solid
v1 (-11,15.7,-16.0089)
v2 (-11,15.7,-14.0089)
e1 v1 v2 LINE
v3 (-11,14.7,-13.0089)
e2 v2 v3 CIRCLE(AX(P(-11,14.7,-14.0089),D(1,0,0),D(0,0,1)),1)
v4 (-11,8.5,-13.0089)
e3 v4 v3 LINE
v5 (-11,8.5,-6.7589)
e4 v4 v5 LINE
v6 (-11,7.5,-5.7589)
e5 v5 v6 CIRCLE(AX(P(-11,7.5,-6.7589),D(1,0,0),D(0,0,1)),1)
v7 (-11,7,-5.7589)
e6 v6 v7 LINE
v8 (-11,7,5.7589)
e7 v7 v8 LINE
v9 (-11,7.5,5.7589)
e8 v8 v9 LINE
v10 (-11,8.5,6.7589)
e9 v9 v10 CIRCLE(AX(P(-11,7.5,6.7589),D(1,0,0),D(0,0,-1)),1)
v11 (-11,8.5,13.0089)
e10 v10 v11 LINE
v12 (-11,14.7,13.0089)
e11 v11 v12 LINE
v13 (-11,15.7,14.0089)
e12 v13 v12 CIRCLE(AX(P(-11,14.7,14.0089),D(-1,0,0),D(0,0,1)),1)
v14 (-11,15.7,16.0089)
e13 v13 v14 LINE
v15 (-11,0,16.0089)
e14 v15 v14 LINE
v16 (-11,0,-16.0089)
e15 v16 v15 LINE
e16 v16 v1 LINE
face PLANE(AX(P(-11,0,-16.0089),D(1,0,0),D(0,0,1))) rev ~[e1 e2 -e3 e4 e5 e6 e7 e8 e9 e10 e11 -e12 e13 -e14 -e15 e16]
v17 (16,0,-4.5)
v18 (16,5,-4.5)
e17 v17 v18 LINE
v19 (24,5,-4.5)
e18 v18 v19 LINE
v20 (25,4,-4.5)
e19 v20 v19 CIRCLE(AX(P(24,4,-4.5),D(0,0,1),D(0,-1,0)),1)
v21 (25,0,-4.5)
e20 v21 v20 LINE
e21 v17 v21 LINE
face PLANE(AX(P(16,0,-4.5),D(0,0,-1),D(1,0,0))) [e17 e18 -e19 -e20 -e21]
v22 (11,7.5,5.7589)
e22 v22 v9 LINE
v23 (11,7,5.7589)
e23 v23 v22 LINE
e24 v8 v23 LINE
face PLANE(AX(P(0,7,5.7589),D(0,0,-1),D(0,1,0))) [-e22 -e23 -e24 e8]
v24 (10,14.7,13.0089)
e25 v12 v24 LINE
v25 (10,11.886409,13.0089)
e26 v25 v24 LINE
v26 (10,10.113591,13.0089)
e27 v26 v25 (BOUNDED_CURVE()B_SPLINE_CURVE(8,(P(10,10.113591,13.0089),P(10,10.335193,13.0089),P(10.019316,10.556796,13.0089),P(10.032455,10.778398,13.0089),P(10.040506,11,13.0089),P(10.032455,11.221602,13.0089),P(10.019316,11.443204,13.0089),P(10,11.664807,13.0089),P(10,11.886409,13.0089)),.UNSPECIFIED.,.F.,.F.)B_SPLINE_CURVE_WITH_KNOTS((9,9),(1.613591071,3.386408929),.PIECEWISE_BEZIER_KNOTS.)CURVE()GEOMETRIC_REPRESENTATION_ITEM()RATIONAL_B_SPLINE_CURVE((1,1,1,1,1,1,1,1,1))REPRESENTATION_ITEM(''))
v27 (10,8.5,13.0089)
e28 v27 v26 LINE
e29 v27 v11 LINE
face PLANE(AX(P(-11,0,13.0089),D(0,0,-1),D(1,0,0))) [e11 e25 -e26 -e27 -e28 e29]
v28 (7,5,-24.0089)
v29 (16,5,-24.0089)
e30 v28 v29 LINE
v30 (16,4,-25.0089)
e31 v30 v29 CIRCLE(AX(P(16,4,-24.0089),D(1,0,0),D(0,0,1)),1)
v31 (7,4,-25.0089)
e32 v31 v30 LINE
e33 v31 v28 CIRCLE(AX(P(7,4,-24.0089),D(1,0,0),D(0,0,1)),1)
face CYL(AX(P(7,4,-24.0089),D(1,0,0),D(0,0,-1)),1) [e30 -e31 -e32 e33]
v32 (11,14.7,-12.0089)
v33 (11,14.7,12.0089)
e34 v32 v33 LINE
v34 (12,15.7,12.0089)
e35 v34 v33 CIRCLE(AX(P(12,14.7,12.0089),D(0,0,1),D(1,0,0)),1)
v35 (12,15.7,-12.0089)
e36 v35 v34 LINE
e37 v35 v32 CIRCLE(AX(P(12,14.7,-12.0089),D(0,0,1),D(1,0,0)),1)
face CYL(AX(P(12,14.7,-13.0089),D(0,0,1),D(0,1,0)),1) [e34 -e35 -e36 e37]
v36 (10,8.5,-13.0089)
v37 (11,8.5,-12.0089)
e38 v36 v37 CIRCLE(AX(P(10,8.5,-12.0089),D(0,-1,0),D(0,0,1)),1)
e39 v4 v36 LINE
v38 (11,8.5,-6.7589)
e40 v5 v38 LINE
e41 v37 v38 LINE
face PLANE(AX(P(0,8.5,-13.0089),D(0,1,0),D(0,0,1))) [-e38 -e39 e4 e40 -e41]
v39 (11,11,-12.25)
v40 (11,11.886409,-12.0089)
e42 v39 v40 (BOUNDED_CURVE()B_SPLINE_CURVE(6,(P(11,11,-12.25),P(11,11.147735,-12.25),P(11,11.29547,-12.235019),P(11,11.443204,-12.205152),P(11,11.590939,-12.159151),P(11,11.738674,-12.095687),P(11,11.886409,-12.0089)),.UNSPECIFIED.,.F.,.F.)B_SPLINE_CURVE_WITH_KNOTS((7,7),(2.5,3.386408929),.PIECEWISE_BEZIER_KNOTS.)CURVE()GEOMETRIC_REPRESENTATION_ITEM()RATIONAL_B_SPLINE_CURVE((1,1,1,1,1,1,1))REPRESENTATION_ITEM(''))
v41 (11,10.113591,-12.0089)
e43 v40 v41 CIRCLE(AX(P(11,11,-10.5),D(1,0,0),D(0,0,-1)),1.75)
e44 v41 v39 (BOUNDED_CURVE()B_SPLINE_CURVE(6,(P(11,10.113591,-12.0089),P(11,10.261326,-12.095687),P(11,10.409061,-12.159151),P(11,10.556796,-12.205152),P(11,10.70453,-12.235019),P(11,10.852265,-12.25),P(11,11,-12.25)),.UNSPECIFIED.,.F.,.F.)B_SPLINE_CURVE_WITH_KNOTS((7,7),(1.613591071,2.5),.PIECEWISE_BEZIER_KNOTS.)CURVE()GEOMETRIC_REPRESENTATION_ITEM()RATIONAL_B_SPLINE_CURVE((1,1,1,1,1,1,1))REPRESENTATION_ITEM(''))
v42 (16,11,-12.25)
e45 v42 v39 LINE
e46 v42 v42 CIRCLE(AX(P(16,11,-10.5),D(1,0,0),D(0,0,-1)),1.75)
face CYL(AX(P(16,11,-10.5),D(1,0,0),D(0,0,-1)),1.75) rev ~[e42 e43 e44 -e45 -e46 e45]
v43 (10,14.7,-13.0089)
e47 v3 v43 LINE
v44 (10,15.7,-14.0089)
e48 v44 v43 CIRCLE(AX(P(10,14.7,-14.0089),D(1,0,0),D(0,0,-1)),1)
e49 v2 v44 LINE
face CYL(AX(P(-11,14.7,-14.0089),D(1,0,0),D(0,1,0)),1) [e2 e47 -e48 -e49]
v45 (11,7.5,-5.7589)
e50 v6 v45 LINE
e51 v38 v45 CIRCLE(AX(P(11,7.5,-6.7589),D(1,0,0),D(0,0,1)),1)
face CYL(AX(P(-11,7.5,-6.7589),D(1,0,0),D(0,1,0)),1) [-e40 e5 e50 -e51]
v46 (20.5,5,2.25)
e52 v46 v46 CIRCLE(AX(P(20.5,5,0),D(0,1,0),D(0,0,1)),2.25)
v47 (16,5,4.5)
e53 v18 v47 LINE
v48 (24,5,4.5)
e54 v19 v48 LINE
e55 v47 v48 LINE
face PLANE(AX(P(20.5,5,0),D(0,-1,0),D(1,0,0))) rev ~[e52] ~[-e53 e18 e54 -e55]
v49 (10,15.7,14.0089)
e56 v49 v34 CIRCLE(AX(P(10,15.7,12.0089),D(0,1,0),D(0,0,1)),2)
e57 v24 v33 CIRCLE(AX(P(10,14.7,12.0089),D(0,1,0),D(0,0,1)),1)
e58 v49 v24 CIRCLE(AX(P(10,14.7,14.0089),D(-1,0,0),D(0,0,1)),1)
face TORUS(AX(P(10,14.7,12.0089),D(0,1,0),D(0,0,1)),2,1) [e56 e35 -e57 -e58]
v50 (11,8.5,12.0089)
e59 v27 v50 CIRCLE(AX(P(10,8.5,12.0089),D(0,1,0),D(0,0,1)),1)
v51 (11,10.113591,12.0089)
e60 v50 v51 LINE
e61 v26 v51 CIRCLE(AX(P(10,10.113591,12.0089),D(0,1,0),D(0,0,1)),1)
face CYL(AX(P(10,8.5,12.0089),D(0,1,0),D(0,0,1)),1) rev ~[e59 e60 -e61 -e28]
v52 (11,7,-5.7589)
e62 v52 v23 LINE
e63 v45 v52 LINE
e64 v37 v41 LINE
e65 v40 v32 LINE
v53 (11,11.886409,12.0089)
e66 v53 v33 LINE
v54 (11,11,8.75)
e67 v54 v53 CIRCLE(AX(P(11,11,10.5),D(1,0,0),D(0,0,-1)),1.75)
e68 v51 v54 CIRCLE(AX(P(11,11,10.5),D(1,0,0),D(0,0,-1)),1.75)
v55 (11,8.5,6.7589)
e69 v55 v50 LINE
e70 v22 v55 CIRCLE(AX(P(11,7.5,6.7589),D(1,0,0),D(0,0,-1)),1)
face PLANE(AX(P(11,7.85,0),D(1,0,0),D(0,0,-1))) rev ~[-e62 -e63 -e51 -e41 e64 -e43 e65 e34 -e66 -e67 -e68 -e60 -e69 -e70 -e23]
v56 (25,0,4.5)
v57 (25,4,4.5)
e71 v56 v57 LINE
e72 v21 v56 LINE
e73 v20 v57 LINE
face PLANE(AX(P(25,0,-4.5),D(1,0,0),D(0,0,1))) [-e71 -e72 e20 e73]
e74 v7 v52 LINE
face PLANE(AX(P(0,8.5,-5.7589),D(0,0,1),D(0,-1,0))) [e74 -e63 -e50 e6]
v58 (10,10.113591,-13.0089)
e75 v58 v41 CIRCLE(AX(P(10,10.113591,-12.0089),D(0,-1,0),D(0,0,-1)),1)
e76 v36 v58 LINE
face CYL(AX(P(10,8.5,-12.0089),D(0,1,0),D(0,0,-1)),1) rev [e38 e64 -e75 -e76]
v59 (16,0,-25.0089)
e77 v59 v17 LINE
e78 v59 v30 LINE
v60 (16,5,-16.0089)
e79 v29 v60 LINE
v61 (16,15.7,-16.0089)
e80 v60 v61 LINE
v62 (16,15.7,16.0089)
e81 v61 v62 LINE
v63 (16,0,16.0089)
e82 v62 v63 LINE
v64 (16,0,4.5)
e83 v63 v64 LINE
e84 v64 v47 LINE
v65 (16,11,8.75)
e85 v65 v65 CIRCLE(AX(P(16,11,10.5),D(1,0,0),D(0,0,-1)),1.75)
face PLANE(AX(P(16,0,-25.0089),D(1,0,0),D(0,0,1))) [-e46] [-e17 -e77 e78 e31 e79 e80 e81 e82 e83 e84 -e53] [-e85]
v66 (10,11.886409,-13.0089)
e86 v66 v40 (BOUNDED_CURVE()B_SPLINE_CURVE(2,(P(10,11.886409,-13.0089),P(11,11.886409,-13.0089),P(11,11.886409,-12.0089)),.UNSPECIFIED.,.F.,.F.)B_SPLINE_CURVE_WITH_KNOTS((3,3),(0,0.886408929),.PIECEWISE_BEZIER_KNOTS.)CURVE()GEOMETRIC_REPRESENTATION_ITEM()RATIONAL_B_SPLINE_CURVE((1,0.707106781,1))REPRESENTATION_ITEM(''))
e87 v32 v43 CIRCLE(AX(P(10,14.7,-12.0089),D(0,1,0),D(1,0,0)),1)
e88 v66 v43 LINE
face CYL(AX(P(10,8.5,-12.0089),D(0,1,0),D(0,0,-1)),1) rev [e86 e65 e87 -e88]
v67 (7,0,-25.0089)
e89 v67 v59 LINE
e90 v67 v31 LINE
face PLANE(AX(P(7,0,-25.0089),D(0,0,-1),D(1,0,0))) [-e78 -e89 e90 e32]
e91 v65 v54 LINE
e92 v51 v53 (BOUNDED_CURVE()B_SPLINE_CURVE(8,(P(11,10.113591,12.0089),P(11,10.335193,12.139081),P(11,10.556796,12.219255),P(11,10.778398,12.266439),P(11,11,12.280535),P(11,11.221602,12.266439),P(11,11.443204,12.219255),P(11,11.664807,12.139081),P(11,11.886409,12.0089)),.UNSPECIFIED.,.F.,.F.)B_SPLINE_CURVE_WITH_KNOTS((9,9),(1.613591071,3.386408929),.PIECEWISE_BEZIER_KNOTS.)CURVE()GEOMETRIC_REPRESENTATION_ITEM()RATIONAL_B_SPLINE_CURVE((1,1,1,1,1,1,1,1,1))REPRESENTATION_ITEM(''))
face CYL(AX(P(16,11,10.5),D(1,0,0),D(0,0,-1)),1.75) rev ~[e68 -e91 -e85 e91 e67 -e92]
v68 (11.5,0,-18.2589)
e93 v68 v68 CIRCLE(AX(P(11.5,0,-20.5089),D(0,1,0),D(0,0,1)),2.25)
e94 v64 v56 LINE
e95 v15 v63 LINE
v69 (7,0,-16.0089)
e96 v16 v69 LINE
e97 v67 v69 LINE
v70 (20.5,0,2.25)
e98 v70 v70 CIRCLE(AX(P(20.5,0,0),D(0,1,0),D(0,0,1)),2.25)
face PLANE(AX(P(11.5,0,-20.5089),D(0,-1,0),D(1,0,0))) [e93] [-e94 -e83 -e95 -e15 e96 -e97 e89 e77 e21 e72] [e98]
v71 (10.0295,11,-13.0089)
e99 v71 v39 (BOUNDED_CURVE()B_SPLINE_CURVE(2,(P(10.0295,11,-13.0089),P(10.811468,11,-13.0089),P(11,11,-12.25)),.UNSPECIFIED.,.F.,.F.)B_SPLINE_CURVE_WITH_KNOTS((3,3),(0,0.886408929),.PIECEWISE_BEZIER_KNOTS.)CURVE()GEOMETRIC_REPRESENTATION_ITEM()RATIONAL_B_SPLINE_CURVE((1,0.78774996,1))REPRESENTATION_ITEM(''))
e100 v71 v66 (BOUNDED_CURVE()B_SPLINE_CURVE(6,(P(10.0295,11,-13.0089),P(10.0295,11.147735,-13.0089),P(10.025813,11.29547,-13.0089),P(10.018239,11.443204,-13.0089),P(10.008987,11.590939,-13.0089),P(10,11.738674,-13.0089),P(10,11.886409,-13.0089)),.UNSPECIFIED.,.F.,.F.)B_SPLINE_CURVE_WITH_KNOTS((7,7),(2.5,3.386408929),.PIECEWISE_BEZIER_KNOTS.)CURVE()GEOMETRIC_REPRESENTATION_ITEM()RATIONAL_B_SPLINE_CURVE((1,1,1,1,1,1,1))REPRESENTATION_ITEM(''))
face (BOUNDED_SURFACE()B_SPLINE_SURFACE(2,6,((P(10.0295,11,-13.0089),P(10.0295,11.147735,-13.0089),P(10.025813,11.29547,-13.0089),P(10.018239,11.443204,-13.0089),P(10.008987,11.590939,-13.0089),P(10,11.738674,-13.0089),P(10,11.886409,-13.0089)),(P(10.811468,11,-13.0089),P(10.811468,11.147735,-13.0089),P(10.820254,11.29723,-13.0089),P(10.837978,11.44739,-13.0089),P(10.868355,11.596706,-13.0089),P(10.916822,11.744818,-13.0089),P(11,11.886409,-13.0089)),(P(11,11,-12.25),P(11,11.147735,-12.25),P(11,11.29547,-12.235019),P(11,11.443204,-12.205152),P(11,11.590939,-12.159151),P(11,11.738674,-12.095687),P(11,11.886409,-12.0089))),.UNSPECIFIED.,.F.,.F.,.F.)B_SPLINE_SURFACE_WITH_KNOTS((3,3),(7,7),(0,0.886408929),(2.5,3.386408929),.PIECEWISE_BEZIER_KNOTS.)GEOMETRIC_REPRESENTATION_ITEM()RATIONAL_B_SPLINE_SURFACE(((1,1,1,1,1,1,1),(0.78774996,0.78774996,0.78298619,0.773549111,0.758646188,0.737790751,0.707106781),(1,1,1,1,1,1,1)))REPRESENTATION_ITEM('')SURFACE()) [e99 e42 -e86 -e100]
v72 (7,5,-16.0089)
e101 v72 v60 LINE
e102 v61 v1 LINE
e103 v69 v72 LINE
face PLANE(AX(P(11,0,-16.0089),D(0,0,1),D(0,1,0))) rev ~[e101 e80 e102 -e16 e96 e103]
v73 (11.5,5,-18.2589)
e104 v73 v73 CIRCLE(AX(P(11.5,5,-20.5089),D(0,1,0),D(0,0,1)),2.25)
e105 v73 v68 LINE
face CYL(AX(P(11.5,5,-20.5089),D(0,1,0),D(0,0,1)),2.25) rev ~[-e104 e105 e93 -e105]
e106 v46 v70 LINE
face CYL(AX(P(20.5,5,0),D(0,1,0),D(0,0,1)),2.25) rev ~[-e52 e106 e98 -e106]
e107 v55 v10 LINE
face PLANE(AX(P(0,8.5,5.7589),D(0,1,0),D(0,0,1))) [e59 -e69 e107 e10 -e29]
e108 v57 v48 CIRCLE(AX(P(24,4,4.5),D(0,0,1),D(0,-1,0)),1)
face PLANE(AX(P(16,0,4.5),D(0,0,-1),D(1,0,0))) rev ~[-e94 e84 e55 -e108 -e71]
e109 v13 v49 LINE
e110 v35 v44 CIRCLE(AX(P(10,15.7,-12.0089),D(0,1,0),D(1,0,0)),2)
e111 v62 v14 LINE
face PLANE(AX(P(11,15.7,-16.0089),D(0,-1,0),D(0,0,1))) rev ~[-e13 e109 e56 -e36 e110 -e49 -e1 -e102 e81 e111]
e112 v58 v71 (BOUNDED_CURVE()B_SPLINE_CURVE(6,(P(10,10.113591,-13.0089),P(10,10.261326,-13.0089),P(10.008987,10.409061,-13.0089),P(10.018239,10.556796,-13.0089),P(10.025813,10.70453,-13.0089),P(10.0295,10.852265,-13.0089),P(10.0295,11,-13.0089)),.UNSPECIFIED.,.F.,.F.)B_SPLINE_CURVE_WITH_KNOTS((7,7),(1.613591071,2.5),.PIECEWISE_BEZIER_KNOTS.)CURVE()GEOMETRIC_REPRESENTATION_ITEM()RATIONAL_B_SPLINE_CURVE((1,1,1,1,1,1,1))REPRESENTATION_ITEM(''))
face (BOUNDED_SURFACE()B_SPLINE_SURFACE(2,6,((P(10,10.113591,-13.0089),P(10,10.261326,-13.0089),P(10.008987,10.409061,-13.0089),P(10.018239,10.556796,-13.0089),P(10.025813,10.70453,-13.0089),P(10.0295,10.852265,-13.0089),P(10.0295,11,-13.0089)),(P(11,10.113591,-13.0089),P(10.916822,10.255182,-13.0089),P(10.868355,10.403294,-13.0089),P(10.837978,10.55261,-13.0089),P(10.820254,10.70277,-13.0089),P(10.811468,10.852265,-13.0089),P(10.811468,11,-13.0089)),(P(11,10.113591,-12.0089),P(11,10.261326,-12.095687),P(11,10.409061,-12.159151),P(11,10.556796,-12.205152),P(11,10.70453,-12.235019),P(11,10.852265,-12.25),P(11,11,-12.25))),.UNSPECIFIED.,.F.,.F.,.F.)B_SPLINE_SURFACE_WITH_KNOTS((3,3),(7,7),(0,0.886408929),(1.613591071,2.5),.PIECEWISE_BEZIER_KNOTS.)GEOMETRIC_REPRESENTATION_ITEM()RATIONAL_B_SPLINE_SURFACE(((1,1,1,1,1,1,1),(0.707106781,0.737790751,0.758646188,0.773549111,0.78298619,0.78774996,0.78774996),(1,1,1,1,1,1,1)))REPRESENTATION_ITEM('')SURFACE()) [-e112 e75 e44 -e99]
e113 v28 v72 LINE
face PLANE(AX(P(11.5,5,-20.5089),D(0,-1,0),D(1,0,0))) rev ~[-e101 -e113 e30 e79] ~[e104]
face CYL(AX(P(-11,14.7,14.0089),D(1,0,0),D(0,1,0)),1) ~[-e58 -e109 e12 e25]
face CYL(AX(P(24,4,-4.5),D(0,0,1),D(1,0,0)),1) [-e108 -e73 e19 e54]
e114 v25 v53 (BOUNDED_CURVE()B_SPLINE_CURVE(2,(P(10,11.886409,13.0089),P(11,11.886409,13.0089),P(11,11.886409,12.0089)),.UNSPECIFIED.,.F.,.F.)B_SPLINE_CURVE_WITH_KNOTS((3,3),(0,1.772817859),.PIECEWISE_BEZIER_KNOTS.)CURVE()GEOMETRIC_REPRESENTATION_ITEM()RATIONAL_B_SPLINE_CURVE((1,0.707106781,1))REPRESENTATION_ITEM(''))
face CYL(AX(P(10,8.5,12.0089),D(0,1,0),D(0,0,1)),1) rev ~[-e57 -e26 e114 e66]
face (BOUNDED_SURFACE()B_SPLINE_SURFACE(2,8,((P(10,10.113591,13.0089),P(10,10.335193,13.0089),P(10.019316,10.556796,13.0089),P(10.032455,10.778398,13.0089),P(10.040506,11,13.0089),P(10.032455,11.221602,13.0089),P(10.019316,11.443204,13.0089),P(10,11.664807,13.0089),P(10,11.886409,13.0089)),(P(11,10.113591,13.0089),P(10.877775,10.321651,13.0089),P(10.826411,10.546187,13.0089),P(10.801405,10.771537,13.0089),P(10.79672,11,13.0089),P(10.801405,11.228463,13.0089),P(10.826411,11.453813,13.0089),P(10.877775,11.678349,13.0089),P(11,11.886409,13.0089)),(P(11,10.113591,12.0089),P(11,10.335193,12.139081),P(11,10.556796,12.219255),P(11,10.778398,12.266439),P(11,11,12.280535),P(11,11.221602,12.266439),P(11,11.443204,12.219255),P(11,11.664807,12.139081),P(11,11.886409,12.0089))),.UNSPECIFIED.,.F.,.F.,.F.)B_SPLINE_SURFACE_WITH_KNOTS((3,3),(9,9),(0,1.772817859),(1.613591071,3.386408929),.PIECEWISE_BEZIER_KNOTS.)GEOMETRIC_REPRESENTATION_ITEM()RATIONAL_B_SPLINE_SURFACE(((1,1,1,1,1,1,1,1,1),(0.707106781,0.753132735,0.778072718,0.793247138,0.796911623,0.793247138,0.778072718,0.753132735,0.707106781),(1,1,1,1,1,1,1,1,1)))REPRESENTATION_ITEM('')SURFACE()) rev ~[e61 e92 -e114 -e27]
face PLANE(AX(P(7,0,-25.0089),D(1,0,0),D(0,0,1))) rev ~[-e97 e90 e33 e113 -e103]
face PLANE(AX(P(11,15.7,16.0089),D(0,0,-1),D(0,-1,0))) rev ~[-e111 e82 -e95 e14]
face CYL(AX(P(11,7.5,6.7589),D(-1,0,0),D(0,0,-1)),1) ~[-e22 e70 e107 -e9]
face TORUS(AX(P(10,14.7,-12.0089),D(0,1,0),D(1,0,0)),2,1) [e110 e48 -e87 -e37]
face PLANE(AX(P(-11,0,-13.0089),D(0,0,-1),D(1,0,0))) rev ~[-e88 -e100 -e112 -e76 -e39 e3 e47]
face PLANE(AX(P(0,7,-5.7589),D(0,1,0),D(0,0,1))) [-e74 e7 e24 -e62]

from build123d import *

# Parameters (mm, degrees)
BOSS_EXTRUDE1_DEPTH = 11
SKETCH3_W           = 22
SKETCH3_H           = 3
BOSS_EXTRUDE2_DEPTH = 15.7
BOSS_EXTRUDE3_DEPTH = 5
SKETCH5_R           = 1.75
CUT_EXTRUDE1_DEPTH  = 36.096650541
SKETCH6_W           = 9
SKETCH6_H           = 9
BOSS_EXTRUDE4_DEPTH = 5
SKETCH7_R           = 2.25
CUT_EXTRUDE2_DEPTH  = 37.945027801
FILLET1_R           = 1


with BuildPart() as part:
    # Sketch1 → Boss-Extrude1 (new, symmetric)
    with BuildSketch(Plane(origin=(0, 0, 0), x_dir=(0, 0, -1), z_dir=(1, 0, 0))):
        Polygon((-13.0089, 0), (13.0089, 0), (13.0089, 8.5), (5.7589, 8.5), (5.7589, 7), (-5.7589, 7), (-5.7589, 8.5), (-13.0089, 8.5), align=None)
    extrude(amount=BOSS_EXTRUDE1_DEPTH, both=True)

    # Sketch3 → Boss-Extrude2 (add)
    with BuildSketch(Plane.XZ):
        with Locations((0, -14.5089)):
            Rectangle(SKETCH3_W, SKETCH3_H)
        with Locations((0, 14.5089)):
            Rectangle(SKETCH3_W, SKETCH3_H)
    extrude(amount=-BOSS_EXTRUDE2_DEPTH)

    # Sketch4 → Boss-Extrude3 (add)
    with BuildSketch(Plane(origin=(11, 0, 0), x_dir=(0, 0, -1), z_dir=(1, 0, 0))):
        Polygon((-8.8, 15.7), (-16.0089, 15.7), (-16.0089, 0), (16.0089, 0), (16.0089, 15.7), align=None)
    extrude(amount=BOSS_EXTRUDE3_DEPTH)

    # Sketch5 → Cut-Extrude1 (cut, through all)
    with BuildSketch(Plane(origin=(16, 0, 0), x_dir=(0, 0, -1), z_dir=(1, 0, 0))):
        with Locations((-10.5, 11)):
            Circle(SKETCH5_R)
        with Locations((10.5, 11)):
            Circle(SKETCH5_R)
    extrude(amount=-CUT_EXTRUDE1_DEPTH, mode=Mode.SUBTRACT)

    # Sketch6 → Boss-Extrude4 (add)
    with BuildSketch(Plane.XZ):
        with Locations((20.5, 0)):
            Rectangle(SKETCH6_W, SKETCH6_H)
        with Locations((11.5, -20.5089)):
            Rectangle(SKETCH6_W, SKETCH6_H)
    extrude(amount=-BOSS_EXTRUDE4_DEPTH)

    # Sketch7 → Cut-Extrude2 (cut, through all)
    with BuildSketch(Plane(origin=(0, 5, 0), x_dir=(1, 0, 0), z_dir=(0, 1, 0))):
        with Locations(Location((20.5, 0, 0), (0, 0, 270))):
            Circle(SKETCH7_R)
        with Locations(Location((11.5, 20.5089, 0), (0, 0, 270))):
            Circle(SKETCH7_R)
    extrude(amount=-CUT_EXTRUDE2_DEPTH, mode=Mode.SUBTRACT)

    # Fillet1
    fillet1_edges = [part.edges().sort_by_distance(p)[0] for p in [
        (0, 8.5, 5.7589),
        (0, 8.5, -5.7589),
        (0, 15.7, -13.0089),
        (11, 12.1, -13.0089),
        (11, 12.1, 13.0089),
        (0, 15.7, 13.0089),
        (11, 15.7, 0),
        (25, 5, 0),
        (11.5, 5, -25.0089),
    ]]
    fillet(fillet1_edges, radius=FILLET1_R)


solid = part.part
